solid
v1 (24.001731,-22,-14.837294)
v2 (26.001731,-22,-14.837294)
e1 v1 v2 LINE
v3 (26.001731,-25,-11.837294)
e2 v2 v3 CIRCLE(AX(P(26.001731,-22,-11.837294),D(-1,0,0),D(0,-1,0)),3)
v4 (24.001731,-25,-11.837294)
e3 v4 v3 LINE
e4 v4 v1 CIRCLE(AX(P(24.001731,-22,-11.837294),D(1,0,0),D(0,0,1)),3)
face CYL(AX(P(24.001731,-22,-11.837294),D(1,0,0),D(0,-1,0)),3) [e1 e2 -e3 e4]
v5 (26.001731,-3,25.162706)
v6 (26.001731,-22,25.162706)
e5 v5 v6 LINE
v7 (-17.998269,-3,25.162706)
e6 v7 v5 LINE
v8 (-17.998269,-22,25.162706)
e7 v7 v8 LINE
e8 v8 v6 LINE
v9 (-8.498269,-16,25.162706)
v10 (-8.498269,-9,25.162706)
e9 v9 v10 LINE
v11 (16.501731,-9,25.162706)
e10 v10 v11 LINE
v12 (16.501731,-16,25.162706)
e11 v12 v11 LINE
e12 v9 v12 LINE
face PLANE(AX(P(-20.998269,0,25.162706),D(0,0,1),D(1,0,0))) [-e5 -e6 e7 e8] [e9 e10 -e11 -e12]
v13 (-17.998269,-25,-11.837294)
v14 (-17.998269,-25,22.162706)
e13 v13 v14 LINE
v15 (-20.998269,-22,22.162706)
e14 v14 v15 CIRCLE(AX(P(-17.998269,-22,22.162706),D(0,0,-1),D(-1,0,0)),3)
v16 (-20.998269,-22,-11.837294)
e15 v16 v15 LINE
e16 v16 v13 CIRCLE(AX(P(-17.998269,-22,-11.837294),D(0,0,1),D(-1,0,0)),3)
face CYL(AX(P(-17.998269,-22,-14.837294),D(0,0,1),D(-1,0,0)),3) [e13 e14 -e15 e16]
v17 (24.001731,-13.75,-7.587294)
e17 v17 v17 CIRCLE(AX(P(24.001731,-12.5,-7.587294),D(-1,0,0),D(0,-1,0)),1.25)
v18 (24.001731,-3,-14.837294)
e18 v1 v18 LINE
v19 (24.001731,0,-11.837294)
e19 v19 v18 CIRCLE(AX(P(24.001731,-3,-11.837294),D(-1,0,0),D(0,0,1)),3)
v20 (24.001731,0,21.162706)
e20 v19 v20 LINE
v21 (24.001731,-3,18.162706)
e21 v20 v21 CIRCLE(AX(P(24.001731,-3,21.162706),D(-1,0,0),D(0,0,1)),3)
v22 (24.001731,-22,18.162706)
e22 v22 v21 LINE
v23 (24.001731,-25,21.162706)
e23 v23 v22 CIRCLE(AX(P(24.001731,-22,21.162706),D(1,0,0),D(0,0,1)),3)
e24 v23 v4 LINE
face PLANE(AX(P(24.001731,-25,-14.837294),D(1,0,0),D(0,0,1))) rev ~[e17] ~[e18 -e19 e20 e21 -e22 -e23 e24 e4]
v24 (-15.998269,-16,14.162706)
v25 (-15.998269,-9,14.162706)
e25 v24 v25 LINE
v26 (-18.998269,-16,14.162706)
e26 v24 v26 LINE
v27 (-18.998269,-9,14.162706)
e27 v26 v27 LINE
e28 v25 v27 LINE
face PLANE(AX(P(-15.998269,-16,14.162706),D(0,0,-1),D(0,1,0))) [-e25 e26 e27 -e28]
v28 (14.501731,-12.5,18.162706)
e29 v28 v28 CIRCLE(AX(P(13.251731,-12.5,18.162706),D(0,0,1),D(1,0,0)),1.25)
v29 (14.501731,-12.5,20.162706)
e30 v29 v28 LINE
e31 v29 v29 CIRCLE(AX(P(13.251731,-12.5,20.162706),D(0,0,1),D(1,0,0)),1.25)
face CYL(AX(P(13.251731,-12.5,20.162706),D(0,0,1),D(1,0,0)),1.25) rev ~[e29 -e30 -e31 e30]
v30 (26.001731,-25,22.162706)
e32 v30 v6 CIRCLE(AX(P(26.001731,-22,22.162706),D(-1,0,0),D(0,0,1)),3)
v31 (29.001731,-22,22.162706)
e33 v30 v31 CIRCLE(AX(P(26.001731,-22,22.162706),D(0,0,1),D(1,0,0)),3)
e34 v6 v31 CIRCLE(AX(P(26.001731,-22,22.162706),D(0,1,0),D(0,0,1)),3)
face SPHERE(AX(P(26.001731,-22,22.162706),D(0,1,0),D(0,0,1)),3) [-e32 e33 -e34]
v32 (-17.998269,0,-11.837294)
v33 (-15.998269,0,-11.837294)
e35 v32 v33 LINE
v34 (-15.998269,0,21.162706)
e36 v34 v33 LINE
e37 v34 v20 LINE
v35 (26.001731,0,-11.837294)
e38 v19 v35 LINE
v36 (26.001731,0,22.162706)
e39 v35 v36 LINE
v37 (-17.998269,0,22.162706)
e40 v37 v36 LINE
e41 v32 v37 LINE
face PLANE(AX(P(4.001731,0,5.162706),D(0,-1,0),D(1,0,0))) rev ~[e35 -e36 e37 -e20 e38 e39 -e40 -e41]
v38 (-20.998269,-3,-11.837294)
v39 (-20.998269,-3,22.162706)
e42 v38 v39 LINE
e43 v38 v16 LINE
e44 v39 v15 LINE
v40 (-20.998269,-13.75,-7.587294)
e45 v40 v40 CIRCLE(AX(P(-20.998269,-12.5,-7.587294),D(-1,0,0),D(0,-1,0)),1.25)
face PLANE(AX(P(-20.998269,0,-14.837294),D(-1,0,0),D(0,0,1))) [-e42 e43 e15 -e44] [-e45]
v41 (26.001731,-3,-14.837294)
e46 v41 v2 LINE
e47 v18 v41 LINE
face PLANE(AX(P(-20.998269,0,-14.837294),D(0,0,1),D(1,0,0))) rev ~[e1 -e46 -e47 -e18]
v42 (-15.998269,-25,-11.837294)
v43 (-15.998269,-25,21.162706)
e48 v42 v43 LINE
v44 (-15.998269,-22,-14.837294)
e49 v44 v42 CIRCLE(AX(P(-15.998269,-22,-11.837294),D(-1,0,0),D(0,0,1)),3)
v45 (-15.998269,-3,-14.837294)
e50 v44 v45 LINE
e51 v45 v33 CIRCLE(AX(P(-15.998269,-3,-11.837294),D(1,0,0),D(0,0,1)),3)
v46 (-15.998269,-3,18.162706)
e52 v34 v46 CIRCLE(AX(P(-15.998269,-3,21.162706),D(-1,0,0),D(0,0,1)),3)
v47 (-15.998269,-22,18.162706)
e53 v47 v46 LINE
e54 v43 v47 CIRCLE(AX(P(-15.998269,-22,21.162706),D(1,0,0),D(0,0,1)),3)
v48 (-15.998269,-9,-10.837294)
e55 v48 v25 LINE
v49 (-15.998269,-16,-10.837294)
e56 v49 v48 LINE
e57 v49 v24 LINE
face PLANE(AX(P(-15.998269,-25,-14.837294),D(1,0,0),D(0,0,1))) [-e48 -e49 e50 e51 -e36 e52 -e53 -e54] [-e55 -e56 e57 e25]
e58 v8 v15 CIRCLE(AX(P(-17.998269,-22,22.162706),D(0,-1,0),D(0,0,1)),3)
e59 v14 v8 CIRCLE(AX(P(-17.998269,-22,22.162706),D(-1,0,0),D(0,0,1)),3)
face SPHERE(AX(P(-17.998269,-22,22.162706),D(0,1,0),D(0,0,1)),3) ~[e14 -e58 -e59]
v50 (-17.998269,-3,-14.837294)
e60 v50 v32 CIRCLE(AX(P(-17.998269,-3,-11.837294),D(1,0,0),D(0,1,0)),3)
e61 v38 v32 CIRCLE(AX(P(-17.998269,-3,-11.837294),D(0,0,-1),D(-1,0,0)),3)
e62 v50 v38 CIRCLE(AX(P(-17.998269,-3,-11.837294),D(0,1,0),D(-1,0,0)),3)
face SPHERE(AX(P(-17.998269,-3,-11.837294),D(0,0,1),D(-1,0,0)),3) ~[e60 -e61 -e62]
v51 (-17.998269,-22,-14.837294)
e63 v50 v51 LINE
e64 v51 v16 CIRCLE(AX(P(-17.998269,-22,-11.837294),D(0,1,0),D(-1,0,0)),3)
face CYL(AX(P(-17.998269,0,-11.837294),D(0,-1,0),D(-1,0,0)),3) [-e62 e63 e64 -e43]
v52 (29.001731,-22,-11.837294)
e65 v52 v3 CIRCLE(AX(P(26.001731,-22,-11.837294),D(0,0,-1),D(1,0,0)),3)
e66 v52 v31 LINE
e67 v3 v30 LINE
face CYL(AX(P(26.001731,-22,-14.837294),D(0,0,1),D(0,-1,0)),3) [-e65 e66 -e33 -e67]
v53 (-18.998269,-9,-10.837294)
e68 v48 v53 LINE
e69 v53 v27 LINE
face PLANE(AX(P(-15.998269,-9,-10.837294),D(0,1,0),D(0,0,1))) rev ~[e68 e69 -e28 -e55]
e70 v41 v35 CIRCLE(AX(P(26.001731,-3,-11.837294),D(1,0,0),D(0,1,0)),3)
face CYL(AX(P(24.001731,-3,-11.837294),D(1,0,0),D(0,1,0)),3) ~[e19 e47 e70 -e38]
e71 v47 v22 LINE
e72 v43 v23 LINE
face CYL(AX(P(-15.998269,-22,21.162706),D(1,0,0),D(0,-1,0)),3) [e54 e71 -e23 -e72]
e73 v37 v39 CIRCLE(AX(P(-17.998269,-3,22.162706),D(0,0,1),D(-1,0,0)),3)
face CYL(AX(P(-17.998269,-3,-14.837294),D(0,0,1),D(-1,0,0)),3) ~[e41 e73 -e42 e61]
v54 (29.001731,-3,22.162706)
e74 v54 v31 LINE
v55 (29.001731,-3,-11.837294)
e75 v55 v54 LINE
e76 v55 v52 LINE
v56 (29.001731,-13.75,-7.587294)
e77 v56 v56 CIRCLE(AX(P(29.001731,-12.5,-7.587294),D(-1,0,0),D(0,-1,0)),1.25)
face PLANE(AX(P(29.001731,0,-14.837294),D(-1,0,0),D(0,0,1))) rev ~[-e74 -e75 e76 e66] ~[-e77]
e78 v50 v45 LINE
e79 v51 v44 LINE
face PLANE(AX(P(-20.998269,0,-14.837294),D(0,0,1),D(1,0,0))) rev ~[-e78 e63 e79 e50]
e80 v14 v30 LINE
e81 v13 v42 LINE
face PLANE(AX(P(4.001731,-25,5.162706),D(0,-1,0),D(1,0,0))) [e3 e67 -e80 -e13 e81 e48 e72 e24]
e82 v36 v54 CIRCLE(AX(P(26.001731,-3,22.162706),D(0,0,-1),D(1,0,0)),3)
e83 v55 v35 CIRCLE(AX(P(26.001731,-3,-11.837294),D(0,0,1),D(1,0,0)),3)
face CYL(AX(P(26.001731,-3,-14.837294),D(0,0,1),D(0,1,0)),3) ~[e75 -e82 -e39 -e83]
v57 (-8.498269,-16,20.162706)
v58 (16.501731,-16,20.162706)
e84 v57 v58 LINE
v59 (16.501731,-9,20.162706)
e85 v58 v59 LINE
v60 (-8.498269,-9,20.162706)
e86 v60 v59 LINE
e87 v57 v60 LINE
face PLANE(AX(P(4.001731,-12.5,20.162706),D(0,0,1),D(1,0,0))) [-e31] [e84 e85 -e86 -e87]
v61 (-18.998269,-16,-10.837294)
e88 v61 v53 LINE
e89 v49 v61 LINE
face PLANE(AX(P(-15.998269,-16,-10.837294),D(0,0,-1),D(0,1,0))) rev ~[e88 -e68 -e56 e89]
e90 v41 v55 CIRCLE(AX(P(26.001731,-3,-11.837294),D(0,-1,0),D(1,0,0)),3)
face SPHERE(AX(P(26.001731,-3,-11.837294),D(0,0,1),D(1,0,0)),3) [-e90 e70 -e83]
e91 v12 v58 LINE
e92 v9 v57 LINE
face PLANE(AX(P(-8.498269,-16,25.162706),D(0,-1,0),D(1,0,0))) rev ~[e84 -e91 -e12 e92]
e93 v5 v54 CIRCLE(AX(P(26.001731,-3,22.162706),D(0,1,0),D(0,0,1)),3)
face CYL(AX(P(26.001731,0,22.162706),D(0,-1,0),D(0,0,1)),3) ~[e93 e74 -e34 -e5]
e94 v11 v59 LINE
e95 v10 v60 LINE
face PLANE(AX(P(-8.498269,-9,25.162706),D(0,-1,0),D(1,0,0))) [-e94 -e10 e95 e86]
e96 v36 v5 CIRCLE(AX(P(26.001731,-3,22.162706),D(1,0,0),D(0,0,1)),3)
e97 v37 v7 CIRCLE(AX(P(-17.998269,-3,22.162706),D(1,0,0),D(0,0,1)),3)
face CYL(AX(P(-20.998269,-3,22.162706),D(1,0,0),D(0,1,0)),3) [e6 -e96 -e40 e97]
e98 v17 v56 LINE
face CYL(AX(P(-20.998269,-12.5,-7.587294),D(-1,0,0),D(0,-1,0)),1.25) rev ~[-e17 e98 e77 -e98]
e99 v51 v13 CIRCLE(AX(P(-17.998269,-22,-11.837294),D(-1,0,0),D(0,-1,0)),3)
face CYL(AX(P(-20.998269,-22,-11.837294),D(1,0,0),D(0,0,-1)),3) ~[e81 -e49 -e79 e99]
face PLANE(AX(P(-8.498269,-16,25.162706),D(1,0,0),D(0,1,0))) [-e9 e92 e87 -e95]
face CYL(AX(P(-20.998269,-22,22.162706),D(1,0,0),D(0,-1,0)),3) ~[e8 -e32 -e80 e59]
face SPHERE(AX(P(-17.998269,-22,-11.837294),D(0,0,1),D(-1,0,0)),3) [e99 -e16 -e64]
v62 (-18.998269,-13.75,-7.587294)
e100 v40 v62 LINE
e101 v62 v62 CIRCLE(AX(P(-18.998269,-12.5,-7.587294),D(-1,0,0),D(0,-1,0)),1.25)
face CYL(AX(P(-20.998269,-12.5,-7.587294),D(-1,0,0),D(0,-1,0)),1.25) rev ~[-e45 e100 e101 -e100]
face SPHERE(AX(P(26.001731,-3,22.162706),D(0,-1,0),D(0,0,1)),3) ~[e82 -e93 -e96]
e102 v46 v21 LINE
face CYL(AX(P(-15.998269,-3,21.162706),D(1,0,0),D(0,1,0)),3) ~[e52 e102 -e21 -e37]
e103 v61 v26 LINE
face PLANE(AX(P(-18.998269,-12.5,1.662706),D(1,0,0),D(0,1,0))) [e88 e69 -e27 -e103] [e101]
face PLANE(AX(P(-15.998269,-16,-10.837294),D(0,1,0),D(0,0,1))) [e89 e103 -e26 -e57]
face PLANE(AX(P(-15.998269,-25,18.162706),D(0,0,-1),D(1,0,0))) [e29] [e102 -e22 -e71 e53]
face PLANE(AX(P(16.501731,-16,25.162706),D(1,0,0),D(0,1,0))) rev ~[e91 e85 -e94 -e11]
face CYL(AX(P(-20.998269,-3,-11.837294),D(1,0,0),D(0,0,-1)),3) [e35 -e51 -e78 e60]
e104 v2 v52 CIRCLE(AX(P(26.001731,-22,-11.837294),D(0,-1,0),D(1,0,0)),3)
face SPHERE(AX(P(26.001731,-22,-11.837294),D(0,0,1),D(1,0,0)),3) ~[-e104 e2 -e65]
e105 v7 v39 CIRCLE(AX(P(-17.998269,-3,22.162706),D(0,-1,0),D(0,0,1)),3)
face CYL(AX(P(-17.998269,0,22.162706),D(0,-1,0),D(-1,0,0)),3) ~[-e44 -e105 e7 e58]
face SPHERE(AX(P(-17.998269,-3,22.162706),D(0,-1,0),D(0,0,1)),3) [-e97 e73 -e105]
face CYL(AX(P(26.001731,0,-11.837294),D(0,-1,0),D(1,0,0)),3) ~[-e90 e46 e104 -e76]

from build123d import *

# Parameters (mm, degrees)
F0_W      = 50
F0_H      = 40
F1_DEPTH  = 25
F2_W      = 40
F2_H      = 33
F3_DEPTH  = 25.001
F4_W      = 7
F4_H      = 25
F5_DEPTH  = 3
F6_R      = 1.25
F7_DEPTH  = 50.001
F8_W      = 25
F8_H      = 7
F9_DEPTH  = 5
F10_R     = 1.25
F11_DEPTH = 2
F12_R     = 3


with BuildPart() as f1:
    # F0 (on Front) → F1 (new body)
    with BuildSketch(Plane.XZ):
        with Locations((4.001731, 5.162706)):
            Rectangle(F0_W, F0_H)
    extrude(amount=F1_DEPTH)

    # F2 (on face) → F3 (cut, through all)
    with BuildSketch(Plane.XZ.offset(25)):
        with Locations((4.001731, 1.662706)):
            Rectangle(F2_W, F2_H)
    extrude(amount=-F3_DEPTH, mode=Mode.SUBTRACT)

    # F4 (on face) → F5 (cut)
    with BuildSketch(Plane.YZ.offset(-15.998269)):
        with Locations((-12.5, 1.662706)):
            Rectangle(F4_W, F4_H)
    extrude(amount=-F5_DEPTH, mode=Mode.SUBTRACT)

    # F6 (on face) → F7 (cut, through all)
    with BuildSketch(Plane(origin=(-20.998269, 0, 0), x_dir=(0, -1, 0), z_dir=(-1, 0, 0))):
        with Locations((12.5, -7.587294)):
            Circle(F6_R)
    extrude(amount=-F7_DEPTH, mode=Mode.SUBTRACT)

    # F8 (on face) → F9 (cut)
    with BuildSketch(Plane.XY.offset(25.162706)):
        with Locations((4.001731, -12.5)):
            Rectangle(F8_W, F8_H)
    extrude(amount=-F9_DEPTH, mode=Mode.SUBTRACT)

    # F10 (on face) → F11 (cut)
    with BuildSketch(Plane.XY.offset(20.162706)):
        with Locations((13.251731, -12.5)):
            Circle(F10_R)
    extrude(amount=-F11_DEPTH, mode=Mode.SUBTRACT)

    # F12
    f12_edges = [f1.edges().sort_by_distance(p)[0] for p in [
        (29.001731, -12.5, 25.162706),
        (-20.998269, -12.5, 25.162706),
        (4.001731, 0, 25.162706),
        (4.001731, -25, 25.162706),
        (29.001731, -25, 5.162706),
        (29.001731, 0, 5.162706),
        (-20.998269, -25, 5.162706),
        (-20.998269, 0, 5.162706),
        (-20.998269, -12.5, -14.837294),
        (29.001731, -12.5, -14.837294),
        (26.501731, -25, -14.837294),
        (-18.498269, -25, -14.837294),
        (26.501731, 0, -14.837294),
        (-18.498269, 0, -14.837294),
        (4.001731, -25, 18.162706),
        (4.001731, 0, 18.162706),
    ]]
    fillet(f12_edges, radius=F12_R)


solid = f1.part
